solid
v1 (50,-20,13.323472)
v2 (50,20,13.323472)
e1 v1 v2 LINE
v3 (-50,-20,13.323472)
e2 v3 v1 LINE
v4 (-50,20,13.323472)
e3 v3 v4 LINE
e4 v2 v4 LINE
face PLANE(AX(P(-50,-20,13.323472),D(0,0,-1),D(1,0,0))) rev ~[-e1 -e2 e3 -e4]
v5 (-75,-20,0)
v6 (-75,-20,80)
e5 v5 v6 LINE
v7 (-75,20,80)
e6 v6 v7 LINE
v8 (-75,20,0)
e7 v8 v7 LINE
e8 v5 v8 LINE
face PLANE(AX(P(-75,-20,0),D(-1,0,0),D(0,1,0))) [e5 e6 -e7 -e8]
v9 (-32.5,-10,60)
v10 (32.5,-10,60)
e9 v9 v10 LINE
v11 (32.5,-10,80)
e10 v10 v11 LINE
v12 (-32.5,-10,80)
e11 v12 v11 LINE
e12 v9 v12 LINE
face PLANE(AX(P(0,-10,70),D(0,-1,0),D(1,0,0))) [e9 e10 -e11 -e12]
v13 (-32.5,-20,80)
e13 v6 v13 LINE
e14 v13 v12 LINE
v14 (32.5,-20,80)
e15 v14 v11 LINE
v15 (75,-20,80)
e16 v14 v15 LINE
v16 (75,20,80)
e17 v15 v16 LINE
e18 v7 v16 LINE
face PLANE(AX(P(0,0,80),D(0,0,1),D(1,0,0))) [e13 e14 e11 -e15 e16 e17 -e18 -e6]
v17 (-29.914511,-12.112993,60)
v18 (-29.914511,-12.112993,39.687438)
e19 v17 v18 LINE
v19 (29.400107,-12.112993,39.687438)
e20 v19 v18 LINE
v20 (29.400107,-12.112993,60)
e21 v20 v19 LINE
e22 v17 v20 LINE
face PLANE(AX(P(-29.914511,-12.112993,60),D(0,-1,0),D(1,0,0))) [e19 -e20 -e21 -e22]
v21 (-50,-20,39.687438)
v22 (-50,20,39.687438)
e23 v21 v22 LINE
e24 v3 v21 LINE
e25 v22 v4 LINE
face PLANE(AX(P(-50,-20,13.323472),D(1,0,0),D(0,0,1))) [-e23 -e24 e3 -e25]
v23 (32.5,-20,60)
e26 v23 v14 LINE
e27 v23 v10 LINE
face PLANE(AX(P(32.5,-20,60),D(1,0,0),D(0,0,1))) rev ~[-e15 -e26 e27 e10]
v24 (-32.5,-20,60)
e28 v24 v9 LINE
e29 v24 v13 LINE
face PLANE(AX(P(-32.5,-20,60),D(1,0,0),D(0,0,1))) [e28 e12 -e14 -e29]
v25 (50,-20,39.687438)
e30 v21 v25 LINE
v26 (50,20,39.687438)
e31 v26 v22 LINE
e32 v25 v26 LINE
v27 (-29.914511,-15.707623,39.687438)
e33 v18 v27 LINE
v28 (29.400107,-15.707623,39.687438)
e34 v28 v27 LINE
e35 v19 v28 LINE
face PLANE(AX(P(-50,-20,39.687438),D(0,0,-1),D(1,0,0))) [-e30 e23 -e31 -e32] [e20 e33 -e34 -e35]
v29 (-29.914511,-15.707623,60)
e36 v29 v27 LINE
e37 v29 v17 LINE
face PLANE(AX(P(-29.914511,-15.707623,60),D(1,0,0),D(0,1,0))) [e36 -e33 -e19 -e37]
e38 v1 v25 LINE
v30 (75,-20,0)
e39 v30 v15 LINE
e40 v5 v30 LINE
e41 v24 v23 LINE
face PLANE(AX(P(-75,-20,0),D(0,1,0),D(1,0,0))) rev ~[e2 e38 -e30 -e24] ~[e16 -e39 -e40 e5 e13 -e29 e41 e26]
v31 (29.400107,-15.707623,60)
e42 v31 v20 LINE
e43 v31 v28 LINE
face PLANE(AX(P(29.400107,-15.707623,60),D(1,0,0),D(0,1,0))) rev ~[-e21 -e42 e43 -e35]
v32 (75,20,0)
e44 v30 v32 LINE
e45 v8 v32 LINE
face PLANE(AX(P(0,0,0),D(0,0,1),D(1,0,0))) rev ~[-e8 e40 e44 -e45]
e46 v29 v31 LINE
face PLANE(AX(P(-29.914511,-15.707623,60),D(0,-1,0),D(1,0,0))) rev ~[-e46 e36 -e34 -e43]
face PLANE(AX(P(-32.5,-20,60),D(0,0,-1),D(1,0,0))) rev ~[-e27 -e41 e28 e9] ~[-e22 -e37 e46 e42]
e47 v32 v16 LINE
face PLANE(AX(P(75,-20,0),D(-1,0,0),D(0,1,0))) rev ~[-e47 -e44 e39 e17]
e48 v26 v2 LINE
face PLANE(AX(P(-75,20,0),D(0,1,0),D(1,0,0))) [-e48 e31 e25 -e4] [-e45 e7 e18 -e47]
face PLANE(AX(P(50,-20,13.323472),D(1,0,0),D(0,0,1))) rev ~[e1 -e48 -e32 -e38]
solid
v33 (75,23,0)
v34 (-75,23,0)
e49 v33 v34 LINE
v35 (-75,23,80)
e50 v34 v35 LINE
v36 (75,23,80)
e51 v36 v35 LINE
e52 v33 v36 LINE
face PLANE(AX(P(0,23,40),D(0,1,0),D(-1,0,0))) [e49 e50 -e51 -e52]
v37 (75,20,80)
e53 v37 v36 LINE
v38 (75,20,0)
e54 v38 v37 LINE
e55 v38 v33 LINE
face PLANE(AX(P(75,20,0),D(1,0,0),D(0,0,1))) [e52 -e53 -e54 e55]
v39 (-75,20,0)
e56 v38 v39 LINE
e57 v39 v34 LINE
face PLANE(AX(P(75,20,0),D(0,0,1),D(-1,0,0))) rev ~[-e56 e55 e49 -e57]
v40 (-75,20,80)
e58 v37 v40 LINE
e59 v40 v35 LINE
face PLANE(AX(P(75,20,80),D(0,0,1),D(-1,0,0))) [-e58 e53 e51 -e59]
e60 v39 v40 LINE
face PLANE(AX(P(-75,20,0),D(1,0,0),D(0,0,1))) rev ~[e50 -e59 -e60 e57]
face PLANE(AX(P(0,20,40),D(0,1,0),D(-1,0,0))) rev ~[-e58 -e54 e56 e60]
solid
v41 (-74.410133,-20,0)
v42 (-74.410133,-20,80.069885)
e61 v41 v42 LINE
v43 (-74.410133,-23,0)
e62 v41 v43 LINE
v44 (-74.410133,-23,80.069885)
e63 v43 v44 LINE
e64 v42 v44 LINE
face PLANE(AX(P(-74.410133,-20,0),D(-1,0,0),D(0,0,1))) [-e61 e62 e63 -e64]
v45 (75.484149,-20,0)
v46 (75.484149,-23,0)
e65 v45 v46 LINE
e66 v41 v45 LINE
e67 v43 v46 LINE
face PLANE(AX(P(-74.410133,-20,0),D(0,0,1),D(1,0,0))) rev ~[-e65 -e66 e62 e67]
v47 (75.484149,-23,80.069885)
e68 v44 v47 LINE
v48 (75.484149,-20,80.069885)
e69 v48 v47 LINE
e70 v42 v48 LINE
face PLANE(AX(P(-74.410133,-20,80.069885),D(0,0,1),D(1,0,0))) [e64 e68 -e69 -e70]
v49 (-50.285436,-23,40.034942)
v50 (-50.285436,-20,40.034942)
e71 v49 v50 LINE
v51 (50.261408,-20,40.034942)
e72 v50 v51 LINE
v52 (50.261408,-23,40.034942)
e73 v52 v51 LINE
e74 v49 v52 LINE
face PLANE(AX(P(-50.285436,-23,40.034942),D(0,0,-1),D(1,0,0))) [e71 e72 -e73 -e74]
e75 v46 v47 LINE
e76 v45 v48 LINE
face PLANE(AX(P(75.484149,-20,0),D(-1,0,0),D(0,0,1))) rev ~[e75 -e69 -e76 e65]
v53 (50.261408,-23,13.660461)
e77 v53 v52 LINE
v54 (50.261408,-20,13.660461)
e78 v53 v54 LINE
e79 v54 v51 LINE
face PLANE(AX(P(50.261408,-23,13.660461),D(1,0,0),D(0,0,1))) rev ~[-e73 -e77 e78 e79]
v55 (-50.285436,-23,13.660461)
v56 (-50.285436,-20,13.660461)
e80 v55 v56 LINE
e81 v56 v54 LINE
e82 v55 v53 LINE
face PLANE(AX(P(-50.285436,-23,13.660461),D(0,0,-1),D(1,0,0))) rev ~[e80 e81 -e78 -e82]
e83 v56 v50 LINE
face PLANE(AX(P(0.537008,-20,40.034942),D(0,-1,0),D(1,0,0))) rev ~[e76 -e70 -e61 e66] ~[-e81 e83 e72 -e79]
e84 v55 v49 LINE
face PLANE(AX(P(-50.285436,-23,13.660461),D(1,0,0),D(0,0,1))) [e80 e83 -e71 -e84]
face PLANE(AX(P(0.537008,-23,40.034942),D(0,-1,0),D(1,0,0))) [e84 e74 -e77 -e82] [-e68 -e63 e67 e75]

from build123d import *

# Parameters (mm, degrees)
F0_W      = 150
F0_H      = 40
F1_DEPTH  = 80
F2_W      = 65
F2_H      = 20
F4_DEPTH  = 10
F5_W      = 100
F5_H      = 26.3639663465
F7_DEPTH  = 53.3
F8_W      = 59.3146178871
F8_H      = 3.5946303979
F9_DEPTH  = 25
F10_W     = 149.8942822218
F10_H     = 80.0698846579
F11_DEPTH = 3
F12_W     = 100.5468443036
F12_H     = 26.3744816184
F13_DEPTH = 177.9
F14_W     = 150
F14_H     = 80
F15_DEPTH = 3


with BuildPart() as f1:
    # F0 (on Top) → F1 (new body)
    with BuildSketch(Plane.XY):
        Rectangle(F0_W, F0_H)
    extrude(amount=F1_DEPTH)

    # F2 (on face) → F4 (cut)
    with BuildSketch(Plane.XZ.offset(20)):
        with Locations((0, 70)):
            Rectangle(F2_W, F2_H)
    extrude(amount=-F4_DEPTH, mode=Mode.SUBTRACT)

    # F5 (on face) → F7 (cut)
    with BuildSketch(Plane.XZ.offset(20)):
        with Locations((0, 26.5054549091)):
            Rectangle(F5_W, F5_H)
    extrude(amount=-F7_DEPTH, mode=Mode.SUBTRACT)

    # F8 (on face) → F9 (cut)
    with BuildSketch(Plane.XY.offset(60)):
        with Locations((-0.2572024241, -13.9103080146)):
            Rectangle(F8_W, F8_H)
    extrude(amount=-F9_DEPTH, mode=Mode.SUBTRACT)


with BuildPart() as f11:
    # F10 (on face) → F11 (new body)
    with BuildSketch(Plane.XZ.offset(20)):
        with Locations((0.5370080471, 40.0349423289)):
            Rectangle(F10_W, F10_H)
    extrude(amount=F11_DEPTH)

    # F12 (on face) → F13 (cut)
    with BuildSketch(Plane.XZ.offset(23)):
        with Locations((-0.0120140612, 26.8477015197)):
            Rectangle(F12_W, F12_H)
    extrude(amount=-F13_DEPTH, mode=Mode.SUBTRACT)


with BuildPart() as f15:
    # F14 (on face) → F15 (new body)
    with BuildSketch(Plane(origin=(0, 20, 0), x_dir=(-1, 0, 0), z_dir=(0, 1, 0))):
        with Locations((0, 40)):
            Rectangle(F14_W, F14_H)
    extrude(amount=F15_DEPTH)


solid = Compound([f1.part, f11.part, f15.part])
